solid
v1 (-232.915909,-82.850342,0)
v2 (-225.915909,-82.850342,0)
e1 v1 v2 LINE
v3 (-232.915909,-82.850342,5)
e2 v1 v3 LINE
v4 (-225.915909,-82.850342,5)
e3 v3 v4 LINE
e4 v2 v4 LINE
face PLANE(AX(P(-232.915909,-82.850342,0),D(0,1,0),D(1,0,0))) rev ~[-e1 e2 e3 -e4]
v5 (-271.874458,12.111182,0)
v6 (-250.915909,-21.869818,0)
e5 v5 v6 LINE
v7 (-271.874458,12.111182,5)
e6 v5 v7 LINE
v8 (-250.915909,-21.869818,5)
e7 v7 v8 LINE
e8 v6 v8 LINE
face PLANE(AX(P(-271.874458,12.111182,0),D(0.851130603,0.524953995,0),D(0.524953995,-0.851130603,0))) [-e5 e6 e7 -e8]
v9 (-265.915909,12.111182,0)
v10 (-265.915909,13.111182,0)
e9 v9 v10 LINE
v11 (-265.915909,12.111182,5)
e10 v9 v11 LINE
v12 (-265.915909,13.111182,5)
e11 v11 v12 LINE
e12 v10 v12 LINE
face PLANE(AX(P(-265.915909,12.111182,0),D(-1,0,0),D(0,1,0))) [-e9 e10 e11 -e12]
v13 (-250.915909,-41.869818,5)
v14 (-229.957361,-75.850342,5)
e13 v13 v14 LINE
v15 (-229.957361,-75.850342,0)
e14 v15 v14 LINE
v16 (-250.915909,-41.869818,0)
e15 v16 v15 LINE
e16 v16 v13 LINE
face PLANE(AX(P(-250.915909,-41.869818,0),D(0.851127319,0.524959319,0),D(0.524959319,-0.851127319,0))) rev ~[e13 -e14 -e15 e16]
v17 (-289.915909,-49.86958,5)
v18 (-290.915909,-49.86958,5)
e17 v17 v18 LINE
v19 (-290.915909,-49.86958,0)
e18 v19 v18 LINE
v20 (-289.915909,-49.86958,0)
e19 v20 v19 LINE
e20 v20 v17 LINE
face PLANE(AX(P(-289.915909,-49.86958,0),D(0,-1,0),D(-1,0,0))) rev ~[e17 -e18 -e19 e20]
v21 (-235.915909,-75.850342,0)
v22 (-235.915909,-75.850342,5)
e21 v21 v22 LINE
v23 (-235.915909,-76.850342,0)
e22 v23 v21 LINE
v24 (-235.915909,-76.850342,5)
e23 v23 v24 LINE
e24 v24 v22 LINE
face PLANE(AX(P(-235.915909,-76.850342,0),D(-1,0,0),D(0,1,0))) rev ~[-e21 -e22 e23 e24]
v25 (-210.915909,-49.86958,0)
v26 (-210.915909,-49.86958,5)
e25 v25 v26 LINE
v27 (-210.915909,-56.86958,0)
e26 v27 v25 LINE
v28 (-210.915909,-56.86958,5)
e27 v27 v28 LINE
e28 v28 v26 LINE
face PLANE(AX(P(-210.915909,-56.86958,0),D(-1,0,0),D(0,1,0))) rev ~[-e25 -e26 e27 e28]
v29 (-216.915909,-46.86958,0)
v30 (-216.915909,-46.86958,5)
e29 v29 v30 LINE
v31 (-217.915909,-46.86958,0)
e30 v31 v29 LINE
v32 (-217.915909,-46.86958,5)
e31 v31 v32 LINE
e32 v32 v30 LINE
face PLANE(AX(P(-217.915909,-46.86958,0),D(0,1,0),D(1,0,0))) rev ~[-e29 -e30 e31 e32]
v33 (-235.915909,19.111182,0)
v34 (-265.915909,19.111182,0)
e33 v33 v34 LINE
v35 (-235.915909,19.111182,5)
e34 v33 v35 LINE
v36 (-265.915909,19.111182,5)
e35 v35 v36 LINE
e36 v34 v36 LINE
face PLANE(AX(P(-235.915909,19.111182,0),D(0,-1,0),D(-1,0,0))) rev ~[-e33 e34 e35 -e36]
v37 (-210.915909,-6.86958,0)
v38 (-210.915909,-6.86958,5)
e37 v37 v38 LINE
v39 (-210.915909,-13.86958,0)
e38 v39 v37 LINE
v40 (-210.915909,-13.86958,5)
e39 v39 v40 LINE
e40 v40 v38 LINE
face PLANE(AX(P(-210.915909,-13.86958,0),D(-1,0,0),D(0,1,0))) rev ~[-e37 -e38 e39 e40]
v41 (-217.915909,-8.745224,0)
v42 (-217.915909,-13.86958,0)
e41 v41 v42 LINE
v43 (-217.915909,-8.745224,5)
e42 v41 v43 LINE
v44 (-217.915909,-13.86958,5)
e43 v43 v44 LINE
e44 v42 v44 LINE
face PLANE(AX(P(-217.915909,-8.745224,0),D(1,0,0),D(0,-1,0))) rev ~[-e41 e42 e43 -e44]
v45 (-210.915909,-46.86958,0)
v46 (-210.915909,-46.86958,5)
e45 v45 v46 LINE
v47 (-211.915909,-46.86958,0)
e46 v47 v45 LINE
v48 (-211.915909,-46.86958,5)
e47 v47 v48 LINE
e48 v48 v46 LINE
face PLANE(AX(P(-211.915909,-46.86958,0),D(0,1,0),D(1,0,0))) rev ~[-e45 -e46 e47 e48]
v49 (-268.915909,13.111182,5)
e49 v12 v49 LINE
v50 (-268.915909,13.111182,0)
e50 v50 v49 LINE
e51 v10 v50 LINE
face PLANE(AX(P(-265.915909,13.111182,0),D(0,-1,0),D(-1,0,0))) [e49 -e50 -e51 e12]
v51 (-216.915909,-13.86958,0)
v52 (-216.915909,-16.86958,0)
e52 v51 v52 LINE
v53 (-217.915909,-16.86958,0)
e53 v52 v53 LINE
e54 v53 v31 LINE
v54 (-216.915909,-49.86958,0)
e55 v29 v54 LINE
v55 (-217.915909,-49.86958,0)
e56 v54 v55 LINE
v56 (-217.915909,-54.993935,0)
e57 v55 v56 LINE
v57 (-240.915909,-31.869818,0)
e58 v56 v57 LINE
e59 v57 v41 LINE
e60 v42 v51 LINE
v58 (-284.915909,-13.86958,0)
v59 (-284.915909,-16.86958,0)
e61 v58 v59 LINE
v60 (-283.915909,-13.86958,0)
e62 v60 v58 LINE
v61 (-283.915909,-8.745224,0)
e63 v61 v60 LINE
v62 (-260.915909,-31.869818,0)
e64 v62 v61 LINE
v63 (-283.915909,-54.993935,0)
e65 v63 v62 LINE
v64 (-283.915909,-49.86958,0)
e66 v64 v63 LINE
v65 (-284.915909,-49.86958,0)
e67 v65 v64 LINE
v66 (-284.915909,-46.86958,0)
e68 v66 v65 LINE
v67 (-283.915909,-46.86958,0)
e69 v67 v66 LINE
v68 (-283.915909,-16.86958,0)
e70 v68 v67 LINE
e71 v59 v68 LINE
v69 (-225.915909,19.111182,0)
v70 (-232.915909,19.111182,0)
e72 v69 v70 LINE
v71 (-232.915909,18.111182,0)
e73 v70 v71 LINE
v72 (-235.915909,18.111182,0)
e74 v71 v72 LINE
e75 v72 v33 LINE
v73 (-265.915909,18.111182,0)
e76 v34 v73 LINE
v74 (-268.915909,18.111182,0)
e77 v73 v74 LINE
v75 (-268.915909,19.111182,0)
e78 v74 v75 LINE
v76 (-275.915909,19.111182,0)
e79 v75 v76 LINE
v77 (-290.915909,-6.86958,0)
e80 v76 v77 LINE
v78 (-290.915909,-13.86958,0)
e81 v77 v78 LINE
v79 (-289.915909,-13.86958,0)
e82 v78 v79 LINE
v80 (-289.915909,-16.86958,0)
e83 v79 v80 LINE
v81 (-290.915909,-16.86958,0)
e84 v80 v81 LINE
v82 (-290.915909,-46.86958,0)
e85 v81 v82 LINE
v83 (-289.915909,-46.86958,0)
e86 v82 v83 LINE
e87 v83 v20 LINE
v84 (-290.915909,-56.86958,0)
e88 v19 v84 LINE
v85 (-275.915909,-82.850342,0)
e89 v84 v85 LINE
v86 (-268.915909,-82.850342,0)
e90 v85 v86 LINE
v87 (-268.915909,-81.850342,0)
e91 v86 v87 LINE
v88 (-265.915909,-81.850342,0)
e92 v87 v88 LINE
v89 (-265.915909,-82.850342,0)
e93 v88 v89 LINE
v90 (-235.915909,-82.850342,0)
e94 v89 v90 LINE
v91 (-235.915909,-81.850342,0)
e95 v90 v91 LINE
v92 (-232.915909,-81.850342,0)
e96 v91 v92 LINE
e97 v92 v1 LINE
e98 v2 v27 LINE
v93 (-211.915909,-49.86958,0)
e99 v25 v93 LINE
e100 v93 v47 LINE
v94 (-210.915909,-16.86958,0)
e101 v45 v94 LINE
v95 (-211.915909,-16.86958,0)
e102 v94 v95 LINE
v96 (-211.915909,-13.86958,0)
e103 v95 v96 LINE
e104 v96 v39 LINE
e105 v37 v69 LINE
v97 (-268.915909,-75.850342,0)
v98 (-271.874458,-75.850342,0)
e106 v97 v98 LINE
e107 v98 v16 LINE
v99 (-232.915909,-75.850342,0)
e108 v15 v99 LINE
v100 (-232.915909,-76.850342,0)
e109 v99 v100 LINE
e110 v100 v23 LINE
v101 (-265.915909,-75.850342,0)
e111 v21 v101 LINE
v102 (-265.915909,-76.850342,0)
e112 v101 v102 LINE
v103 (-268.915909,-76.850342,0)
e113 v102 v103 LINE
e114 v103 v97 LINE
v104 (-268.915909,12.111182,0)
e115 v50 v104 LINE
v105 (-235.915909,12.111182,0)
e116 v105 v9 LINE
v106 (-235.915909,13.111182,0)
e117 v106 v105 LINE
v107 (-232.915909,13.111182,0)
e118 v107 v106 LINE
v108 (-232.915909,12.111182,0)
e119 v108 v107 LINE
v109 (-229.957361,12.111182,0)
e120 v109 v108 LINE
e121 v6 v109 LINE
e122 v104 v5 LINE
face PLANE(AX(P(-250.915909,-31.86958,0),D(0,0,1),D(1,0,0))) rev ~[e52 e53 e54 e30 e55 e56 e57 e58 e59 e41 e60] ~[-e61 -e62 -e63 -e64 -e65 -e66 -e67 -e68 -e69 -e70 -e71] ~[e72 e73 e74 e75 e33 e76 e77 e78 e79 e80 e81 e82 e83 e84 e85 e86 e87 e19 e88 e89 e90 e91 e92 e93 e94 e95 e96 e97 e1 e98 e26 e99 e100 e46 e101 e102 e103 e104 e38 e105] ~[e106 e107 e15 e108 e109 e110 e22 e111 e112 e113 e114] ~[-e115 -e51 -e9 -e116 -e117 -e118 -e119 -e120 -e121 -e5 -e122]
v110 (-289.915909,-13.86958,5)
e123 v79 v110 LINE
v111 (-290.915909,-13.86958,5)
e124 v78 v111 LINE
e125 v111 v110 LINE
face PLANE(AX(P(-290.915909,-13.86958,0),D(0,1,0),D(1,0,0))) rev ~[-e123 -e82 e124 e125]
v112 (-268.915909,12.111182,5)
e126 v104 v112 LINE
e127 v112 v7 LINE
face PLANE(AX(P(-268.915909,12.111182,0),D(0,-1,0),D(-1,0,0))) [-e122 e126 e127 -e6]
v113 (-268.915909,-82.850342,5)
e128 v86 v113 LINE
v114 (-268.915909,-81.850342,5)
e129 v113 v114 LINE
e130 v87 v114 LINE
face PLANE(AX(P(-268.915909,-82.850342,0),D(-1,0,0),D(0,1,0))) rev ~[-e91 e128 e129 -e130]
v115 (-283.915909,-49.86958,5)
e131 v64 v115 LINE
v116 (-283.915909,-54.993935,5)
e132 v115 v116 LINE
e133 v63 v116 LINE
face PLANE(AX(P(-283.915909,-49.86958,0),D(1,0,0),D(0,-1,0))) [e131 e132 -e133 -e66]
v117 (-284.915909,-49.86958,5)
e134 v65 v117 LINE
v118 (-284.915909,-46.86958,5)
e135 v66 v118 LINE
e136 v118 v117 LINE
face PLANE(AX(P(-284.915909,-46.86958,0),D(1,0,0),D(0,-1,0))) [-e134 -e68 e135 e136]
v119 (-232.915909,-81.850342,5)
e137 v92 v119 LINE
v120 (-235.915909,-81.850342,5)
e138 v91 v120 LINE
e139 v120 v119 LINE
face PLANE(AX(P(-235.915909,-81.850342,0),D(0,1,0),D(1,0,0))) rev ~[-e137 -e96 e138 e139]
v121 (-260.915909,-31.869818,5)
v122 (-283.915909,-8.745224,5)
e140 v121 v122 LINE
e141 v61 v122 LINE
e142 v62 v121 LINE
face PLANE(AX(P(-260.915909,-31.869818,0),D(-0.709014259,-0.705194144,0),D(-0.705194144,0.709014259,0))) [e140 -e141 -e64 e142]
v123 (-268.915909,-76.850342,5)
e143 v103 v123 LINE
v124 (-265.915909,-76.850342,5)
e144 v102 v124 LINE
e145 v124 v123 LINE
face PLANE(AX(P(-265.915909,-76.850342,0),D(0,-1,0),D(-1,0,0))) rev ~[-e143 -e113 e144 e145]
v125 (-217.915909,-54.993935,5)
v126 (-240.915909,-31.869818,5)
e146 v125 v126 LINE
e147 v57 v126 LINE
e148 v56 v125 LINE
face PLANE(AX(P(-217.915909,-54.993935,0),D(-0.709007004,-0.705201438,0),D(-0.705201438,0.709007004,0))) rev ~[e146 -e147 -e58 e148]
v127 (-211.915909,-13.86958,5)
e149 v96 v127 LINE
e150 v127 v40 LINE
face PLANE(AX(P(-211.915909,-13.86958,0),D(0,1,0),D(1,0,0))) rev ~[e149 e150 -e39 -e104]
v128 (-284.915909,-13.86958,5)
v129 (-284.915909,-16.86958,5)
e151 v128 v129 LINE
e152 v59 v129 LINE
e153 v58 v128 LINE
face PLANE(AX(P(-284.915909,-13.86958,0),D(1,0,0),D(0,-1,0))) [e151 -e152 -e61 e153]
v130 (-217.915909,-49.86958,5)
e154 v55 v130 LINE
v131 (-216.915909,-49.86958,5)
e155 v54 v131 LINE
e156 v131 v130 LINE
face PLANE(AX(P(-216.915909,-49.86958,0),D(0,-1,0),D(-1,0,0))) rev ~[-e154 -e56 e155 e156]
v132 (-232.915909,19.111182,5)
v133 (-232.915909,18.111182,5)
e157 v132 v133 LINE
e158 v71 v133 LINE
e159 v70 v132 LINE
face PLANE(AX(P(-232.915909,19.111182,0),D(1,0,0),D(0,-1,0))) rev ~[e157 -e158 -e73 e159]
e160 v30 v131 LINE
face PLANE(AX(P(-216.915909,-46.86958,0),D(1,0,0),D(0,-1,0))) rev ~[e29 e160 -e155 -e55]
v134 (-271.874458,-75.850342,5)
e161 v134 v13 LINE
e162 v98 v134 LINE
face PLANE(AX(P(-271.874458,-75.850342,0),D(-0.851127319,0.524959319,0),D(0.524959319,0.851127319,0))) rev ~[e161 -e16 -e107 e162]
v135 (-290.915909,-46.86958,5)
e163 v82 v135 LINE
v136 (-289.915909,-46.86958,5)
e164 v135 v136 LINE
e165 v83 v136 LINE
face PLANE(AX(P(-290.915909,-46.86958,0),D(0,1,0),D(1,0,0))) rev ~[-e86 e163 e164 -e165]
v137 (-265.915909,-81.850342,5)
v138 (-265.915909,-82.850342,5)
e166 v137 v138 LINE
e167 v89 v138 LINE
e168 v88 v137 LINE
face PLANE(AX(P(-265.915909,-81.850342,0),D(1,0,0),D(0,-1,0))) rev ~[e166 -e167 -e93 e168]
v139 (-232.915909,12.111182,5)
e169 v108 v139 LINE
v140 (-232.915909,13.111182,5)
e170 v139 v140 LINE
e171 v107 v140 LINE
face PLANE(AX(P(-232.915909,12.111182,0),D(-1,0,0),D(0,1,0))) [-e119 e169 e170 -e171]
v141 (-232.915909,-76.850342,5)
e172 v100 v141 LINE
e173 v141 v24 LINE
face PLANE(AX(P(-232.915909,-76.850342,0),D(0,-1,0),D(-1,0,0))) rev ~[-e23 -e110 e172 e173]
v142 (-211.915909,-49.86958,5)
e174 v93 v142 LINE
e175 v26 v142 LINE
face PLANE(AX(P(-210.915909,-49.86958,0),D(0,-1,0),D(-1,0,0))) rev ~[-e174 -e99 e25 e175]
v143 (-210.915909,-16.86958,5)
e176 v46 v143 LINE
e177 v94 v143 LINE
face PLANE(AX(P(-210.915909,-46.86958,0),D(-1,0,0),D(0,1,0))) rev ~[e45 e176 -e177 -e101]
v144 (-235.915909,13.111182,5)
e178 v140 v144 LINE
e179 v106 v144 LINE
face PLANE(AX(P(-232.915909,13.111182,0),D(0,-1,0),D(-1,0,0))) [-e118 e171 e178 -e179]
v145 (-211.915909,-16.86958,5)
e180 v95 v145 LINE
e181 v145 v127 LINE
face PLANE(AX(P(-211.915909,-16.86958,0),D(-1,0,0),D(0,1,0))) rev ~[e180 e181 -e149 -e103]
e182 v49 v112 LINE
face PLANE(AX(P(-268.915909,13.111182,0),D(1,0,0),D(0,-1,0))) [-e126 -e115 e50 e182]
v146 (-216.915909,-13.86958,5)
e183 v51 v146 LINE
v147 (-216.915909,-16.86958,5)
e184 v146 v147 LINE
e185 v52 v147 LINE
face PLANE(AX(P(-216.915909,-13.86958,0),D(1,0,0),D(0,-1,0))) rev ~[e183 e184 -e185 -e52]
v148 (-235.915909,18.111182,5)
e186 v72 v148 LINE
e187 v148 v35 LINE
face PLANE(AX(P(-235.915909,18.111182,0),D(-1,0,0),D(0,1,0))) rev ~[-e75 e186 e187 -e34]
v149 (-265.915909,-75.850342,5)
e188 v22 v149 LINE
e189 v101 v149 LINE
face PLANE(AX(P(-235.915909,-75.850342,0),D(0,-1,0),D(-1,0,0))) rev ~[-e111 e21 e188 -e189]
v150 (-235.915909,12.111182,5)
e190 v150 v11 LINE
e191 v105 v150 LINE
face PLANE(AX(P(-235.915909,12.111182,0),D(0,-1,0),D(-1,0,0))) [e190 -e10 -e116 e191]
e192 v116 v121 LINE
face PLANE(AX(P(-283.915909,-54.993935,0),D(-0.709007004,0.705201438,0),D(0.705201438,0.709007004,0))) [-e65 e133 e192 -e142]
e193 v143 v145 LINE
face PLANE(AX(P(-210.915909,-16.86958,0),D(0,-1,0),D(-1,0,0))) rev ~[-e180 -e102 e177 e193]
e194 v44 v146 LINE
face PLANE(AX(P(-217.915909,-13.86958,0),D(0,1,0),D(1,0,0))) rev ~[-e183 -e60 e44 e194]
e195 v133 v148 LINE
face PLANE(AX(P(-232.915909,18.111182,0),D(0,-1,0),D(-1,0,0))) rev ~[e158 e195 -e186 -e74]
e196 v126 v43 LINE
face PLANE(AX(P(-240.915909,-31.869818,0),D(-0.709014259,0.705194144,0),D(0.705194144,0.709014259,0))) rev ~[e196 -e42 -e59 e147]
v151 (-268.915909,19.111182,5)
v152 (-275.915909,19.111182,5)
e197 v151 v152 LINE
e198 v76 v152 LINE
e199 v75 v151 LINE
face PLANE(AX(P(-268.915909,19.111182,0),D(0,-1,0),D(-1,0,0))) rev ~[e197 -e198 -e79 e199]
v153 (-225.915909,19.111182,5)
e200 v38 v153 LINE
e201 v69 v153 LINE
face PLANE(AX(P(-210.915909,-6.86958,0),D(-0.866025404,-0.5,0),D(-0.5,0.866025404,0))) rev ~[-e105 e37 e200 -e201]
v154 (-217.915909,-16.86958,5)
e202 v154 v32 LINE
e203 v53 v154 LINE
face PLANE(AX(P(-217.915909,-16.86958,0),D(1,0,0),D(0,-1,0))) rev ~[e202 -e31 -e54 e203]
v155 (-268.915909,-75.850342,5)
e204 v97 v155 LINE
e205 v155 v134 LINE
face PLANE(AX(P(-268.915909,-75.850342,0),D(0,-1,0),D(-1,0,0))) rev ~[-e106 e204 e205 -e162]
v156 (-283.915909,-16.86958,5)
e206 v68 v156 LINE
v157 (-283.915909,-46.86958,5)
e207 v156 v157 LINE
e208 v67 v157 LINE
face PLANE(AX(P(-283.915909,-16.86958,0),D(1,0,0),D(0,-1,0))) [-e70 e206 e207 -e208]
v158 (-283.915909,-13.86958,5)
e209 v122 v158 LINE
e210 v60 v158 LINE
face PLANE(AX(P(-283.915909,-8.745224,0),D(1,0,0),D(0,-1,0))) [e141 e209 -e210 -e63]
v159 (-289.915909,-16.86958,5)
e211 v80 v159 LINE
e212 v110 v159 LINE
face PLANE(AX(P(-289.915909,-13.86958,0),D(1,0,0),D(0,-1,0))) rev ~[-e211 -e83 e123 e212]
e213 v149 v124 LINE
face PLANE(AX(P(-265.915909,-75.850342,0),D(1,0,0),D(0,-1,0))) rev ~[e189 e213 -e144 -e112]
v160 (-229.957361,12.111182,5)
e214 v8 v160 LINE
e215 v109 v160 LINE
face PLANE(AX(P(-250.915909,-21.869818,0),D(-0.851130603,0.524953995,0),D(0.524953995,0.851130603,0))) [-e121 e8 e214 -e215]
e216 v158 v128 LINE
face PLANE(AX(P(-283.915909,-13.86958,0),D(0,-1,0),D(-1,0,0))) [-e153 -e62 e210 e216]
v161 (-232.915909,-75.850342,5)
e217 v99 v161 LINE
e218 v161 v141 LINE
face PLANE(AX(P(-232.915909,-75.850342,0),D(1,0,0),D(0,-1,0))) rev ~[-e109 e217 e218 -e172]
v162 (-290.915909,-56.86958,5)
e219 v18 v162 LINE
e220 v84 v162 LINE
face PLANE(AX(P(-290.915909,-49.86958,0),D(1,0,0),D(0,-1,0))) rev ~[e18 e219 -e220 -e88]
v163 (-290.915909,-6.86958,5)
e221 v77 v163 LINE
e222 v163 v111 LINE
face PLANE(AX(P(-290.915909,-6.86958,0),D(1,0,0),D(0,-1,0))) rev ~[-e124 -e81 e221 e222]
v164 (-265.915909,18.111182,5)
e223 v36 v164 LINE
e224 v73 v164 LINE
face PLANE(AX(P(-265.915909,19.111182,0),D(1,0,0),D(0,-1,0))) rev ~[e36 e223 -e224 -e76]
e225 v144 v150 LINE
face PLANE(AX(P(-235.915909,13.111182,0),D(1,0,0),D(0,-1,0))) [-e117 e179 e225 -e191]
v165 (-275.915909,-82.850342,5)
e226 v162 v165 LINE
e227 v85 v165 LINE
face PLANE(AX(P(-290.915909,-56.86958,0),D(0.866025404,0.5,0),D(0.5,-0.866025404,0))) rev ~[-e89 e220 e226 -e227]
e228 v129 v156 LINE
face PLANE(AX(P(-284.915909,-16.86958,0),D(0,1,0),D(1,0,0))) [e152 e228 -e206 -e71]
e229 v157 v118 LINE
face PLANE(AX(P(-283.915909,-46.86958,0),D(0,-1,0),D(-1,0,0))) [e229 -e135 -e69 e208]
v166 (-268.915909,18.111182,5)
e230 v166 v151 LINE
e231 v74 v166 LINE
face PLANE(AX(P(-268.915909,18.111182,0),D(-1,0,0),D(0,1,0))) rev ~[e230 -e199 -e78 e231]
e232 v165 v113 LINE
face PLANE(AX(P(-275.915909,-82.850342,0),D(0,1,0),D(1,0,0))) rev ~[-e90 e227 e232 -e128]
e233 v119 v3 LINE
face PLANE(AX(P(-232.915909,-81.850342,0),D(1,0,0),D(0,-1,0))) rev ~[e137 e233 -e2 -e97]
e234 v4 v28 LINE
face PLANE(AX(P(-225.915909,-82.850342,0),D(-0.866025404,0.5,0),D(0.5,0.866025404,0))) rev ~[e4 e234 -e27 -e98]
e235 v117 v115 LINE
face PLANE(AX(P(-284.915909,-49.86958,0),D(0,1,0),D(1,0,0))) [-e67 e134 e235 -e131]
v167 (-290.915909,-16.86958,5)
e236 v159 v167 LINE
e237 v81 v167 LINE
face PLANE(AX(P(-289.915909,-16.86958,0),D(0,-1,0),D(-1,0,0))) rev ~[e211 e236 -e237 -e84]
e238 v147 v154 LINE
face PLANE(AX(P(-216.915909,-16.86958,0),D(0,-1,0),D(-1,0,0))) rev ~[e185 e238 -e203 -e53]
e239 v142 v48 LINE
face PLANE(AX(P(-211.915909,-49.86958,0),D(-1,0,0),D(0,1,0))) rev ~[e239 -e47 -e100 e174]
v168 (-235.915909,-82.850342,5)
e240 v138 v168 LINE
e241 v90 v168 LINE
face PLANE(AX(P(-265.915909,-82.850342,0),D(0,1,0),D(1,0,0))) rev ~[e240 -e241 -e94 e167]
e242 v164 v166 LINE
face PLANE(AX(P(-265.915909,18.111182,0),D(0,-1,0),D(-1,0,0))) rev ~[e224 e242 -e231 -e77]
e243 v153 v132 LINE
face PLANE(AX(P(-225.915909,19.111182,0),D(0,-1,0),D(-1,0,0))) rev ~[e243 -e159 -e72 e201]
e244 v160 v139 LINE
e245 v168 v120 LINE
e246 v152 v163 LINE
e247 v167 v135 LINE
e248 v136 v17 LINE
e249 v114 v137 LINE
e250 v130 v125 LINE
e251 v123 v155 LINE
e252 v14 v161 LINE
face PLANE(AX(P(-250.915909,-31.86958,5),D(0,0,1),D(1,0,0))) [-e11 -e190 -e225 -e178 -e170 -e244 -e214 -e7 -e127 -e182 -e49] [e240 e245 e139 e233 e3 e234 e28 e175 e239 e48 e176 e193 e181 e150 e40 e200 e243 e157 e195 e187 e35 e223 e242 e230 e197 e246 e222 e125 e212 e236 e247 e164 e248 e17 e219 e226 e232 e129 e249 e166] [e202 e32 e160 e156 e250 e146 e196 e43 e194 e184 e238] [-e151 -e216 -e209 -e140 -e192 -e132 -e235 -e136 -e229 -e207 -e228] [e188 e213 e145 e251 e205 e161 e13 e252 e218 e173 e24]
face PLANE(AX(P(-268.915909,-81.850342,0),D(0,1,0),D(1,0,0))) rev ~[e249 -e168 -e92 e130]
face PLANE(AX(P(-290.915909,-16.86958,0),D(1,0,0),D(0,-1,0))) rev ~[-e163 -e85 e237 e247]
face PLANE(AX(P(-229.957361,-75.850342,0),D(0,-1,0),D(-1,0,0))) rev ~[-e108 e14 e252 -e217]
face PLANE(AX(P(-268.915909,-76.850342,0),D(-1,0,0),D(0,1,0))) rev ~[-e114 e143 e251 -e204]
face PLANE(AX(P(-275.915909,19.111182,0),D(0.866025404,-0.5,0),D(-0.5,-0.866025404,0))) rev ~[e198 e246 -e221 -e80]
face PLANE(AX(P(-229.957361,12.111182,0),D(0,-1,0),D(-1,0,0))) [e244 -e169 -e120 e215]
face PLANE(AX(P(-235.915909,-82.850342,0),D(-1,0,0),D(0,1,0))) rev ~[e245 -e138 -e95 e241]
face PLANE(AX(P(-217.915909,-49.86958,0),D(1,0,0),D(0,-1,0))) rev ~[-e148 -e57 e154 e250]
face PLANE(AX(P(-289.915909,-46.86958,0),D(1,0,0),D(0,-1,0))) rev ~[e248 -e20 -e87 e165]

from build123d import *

# Parameters (mm, degrees)
BOSS_EXTRU_4_DEPTH = 5


with BuildPart() as part:
    # Esquisse1 → Boss.-Extru.4 (new body)
    with BuildSketch(Plane.XY):
        Polygon((-275.915909498, -82.850341845), (-268.915909498, -82.850341845), (-268.915909498, -81.850341845), (-265.915909498, -81.850341845), (-265.915909498, -82.850341845), (-235.915909498, -82.850341845), (-235.915909498, -81.850341845), (-232.915909498, -81.850341845), (-232.915909498, -82.850341845), (-225.915909498, -82.850341845), (-210.915909498, -56.869579731), (-210.915909498, -49.869579731), (-211.915909498, -49.869579731), (-211.915909498, -46.869579731), (-210.915909498, -46.869579731), (-210.915909498, -16.869579731), (-211.915909498, -16.869579731), (-211.915909498, -13.869579731), (-210.915909498, -13.869579731), (-210.915909498, -6.869579731), (-225.915909498, 19.111182382), (-232.915909498, 19.111182382), (-232.915909498, 18.111182382), (-235.915909498, 18.111182382), (-235.915909498, 19.111182382), (-265.915909498, 19.111182382), (-265.915909498, 18.111182382), (-268.915909498, 18.111182382), (-268.915909498, 19.111182382), (-275.915909498, 19.111182382), (-290.915909498, -6.869579731), (-290.915909498, -13.869579731), (-289.915909498, -13.869579731), (-289.915909498, -16.869579731), (-290.915909498, -16.869579731), (-290.915909498, -46.869579731), (-289.915909498, -46.869579731), (-289.915909498, -49.869579731), (-290.915909498, -49.869579731), (-290.915909498, -56.869579731), align=None)
        Polygon((-283.915909498, -49.869579731), (-283.915909498, -54.993935384), (-260.915909498, -31.869817618), (-283.915909498, -8.745224078), (-283.915909498, -13.869579731), (-284.915909498, -13.869579731), (-284.915909498, -16.869579731), (-283.915909498, -16.869579731), (-283.915909498, -46.869579731), (-284.915909498, -46.869579731), (-284.915909498, -49.869579731), align=None, mode=Mode.SUBTRACT)
        Polygon((-268.915909498, 12.111182382), (-271.874457613, 12.111182382), (-250.915909498, -21.869817618), (-229.957361382, 12.111182382), (-232.915909498, 12.111182382), (-232.915909498, 13.111182382), (-235.915909498, 13.111182382), (-235.915909498, 12.111182382), (-265.915909498, 12.111182382), (-265.915909498, 13.111182382), (-268.915909498, 13.111182382), align=None, mode=Mode.SUBTRACT)
        Polygon((-271.874457613, -75.850341845), (-250.915909498, -41.869817618), (-229.957361382, -75.850341845), (-232.915909498, -75.850341845), (-232.915909498, -76.850341845), (-235.915909498, -76.850341845), (-235.915909498, -75.850341845), (-265.915909498, -75.850341845), (-265.915909498, -76.850341845), (-268.915909498, -76.850341845), (-268.915909498, -75.850341845), align=None, mode=Mode.SUBTRACT)
        Polygon((-217.915909498, -54.993935384), (-240.915909498, -31.869817618), (-217.915909498, -8.745224078), (-217.915909498, -13.869579731), (-216.915909498, -13.869579731), (-216.915909498, -16.869579731), (-217.915909498, -16.869579731), (-217.915909498, -46.869579731), (-216.915909498, -46.869579731), (-216.915909498, -49.869579731), (-217.915909498, -49.869579731), align=None, mode=Mode.SUBTRACT)
    extrude(amount=BOSS_EXTRU_4_DEPTH)


solid = part.part
